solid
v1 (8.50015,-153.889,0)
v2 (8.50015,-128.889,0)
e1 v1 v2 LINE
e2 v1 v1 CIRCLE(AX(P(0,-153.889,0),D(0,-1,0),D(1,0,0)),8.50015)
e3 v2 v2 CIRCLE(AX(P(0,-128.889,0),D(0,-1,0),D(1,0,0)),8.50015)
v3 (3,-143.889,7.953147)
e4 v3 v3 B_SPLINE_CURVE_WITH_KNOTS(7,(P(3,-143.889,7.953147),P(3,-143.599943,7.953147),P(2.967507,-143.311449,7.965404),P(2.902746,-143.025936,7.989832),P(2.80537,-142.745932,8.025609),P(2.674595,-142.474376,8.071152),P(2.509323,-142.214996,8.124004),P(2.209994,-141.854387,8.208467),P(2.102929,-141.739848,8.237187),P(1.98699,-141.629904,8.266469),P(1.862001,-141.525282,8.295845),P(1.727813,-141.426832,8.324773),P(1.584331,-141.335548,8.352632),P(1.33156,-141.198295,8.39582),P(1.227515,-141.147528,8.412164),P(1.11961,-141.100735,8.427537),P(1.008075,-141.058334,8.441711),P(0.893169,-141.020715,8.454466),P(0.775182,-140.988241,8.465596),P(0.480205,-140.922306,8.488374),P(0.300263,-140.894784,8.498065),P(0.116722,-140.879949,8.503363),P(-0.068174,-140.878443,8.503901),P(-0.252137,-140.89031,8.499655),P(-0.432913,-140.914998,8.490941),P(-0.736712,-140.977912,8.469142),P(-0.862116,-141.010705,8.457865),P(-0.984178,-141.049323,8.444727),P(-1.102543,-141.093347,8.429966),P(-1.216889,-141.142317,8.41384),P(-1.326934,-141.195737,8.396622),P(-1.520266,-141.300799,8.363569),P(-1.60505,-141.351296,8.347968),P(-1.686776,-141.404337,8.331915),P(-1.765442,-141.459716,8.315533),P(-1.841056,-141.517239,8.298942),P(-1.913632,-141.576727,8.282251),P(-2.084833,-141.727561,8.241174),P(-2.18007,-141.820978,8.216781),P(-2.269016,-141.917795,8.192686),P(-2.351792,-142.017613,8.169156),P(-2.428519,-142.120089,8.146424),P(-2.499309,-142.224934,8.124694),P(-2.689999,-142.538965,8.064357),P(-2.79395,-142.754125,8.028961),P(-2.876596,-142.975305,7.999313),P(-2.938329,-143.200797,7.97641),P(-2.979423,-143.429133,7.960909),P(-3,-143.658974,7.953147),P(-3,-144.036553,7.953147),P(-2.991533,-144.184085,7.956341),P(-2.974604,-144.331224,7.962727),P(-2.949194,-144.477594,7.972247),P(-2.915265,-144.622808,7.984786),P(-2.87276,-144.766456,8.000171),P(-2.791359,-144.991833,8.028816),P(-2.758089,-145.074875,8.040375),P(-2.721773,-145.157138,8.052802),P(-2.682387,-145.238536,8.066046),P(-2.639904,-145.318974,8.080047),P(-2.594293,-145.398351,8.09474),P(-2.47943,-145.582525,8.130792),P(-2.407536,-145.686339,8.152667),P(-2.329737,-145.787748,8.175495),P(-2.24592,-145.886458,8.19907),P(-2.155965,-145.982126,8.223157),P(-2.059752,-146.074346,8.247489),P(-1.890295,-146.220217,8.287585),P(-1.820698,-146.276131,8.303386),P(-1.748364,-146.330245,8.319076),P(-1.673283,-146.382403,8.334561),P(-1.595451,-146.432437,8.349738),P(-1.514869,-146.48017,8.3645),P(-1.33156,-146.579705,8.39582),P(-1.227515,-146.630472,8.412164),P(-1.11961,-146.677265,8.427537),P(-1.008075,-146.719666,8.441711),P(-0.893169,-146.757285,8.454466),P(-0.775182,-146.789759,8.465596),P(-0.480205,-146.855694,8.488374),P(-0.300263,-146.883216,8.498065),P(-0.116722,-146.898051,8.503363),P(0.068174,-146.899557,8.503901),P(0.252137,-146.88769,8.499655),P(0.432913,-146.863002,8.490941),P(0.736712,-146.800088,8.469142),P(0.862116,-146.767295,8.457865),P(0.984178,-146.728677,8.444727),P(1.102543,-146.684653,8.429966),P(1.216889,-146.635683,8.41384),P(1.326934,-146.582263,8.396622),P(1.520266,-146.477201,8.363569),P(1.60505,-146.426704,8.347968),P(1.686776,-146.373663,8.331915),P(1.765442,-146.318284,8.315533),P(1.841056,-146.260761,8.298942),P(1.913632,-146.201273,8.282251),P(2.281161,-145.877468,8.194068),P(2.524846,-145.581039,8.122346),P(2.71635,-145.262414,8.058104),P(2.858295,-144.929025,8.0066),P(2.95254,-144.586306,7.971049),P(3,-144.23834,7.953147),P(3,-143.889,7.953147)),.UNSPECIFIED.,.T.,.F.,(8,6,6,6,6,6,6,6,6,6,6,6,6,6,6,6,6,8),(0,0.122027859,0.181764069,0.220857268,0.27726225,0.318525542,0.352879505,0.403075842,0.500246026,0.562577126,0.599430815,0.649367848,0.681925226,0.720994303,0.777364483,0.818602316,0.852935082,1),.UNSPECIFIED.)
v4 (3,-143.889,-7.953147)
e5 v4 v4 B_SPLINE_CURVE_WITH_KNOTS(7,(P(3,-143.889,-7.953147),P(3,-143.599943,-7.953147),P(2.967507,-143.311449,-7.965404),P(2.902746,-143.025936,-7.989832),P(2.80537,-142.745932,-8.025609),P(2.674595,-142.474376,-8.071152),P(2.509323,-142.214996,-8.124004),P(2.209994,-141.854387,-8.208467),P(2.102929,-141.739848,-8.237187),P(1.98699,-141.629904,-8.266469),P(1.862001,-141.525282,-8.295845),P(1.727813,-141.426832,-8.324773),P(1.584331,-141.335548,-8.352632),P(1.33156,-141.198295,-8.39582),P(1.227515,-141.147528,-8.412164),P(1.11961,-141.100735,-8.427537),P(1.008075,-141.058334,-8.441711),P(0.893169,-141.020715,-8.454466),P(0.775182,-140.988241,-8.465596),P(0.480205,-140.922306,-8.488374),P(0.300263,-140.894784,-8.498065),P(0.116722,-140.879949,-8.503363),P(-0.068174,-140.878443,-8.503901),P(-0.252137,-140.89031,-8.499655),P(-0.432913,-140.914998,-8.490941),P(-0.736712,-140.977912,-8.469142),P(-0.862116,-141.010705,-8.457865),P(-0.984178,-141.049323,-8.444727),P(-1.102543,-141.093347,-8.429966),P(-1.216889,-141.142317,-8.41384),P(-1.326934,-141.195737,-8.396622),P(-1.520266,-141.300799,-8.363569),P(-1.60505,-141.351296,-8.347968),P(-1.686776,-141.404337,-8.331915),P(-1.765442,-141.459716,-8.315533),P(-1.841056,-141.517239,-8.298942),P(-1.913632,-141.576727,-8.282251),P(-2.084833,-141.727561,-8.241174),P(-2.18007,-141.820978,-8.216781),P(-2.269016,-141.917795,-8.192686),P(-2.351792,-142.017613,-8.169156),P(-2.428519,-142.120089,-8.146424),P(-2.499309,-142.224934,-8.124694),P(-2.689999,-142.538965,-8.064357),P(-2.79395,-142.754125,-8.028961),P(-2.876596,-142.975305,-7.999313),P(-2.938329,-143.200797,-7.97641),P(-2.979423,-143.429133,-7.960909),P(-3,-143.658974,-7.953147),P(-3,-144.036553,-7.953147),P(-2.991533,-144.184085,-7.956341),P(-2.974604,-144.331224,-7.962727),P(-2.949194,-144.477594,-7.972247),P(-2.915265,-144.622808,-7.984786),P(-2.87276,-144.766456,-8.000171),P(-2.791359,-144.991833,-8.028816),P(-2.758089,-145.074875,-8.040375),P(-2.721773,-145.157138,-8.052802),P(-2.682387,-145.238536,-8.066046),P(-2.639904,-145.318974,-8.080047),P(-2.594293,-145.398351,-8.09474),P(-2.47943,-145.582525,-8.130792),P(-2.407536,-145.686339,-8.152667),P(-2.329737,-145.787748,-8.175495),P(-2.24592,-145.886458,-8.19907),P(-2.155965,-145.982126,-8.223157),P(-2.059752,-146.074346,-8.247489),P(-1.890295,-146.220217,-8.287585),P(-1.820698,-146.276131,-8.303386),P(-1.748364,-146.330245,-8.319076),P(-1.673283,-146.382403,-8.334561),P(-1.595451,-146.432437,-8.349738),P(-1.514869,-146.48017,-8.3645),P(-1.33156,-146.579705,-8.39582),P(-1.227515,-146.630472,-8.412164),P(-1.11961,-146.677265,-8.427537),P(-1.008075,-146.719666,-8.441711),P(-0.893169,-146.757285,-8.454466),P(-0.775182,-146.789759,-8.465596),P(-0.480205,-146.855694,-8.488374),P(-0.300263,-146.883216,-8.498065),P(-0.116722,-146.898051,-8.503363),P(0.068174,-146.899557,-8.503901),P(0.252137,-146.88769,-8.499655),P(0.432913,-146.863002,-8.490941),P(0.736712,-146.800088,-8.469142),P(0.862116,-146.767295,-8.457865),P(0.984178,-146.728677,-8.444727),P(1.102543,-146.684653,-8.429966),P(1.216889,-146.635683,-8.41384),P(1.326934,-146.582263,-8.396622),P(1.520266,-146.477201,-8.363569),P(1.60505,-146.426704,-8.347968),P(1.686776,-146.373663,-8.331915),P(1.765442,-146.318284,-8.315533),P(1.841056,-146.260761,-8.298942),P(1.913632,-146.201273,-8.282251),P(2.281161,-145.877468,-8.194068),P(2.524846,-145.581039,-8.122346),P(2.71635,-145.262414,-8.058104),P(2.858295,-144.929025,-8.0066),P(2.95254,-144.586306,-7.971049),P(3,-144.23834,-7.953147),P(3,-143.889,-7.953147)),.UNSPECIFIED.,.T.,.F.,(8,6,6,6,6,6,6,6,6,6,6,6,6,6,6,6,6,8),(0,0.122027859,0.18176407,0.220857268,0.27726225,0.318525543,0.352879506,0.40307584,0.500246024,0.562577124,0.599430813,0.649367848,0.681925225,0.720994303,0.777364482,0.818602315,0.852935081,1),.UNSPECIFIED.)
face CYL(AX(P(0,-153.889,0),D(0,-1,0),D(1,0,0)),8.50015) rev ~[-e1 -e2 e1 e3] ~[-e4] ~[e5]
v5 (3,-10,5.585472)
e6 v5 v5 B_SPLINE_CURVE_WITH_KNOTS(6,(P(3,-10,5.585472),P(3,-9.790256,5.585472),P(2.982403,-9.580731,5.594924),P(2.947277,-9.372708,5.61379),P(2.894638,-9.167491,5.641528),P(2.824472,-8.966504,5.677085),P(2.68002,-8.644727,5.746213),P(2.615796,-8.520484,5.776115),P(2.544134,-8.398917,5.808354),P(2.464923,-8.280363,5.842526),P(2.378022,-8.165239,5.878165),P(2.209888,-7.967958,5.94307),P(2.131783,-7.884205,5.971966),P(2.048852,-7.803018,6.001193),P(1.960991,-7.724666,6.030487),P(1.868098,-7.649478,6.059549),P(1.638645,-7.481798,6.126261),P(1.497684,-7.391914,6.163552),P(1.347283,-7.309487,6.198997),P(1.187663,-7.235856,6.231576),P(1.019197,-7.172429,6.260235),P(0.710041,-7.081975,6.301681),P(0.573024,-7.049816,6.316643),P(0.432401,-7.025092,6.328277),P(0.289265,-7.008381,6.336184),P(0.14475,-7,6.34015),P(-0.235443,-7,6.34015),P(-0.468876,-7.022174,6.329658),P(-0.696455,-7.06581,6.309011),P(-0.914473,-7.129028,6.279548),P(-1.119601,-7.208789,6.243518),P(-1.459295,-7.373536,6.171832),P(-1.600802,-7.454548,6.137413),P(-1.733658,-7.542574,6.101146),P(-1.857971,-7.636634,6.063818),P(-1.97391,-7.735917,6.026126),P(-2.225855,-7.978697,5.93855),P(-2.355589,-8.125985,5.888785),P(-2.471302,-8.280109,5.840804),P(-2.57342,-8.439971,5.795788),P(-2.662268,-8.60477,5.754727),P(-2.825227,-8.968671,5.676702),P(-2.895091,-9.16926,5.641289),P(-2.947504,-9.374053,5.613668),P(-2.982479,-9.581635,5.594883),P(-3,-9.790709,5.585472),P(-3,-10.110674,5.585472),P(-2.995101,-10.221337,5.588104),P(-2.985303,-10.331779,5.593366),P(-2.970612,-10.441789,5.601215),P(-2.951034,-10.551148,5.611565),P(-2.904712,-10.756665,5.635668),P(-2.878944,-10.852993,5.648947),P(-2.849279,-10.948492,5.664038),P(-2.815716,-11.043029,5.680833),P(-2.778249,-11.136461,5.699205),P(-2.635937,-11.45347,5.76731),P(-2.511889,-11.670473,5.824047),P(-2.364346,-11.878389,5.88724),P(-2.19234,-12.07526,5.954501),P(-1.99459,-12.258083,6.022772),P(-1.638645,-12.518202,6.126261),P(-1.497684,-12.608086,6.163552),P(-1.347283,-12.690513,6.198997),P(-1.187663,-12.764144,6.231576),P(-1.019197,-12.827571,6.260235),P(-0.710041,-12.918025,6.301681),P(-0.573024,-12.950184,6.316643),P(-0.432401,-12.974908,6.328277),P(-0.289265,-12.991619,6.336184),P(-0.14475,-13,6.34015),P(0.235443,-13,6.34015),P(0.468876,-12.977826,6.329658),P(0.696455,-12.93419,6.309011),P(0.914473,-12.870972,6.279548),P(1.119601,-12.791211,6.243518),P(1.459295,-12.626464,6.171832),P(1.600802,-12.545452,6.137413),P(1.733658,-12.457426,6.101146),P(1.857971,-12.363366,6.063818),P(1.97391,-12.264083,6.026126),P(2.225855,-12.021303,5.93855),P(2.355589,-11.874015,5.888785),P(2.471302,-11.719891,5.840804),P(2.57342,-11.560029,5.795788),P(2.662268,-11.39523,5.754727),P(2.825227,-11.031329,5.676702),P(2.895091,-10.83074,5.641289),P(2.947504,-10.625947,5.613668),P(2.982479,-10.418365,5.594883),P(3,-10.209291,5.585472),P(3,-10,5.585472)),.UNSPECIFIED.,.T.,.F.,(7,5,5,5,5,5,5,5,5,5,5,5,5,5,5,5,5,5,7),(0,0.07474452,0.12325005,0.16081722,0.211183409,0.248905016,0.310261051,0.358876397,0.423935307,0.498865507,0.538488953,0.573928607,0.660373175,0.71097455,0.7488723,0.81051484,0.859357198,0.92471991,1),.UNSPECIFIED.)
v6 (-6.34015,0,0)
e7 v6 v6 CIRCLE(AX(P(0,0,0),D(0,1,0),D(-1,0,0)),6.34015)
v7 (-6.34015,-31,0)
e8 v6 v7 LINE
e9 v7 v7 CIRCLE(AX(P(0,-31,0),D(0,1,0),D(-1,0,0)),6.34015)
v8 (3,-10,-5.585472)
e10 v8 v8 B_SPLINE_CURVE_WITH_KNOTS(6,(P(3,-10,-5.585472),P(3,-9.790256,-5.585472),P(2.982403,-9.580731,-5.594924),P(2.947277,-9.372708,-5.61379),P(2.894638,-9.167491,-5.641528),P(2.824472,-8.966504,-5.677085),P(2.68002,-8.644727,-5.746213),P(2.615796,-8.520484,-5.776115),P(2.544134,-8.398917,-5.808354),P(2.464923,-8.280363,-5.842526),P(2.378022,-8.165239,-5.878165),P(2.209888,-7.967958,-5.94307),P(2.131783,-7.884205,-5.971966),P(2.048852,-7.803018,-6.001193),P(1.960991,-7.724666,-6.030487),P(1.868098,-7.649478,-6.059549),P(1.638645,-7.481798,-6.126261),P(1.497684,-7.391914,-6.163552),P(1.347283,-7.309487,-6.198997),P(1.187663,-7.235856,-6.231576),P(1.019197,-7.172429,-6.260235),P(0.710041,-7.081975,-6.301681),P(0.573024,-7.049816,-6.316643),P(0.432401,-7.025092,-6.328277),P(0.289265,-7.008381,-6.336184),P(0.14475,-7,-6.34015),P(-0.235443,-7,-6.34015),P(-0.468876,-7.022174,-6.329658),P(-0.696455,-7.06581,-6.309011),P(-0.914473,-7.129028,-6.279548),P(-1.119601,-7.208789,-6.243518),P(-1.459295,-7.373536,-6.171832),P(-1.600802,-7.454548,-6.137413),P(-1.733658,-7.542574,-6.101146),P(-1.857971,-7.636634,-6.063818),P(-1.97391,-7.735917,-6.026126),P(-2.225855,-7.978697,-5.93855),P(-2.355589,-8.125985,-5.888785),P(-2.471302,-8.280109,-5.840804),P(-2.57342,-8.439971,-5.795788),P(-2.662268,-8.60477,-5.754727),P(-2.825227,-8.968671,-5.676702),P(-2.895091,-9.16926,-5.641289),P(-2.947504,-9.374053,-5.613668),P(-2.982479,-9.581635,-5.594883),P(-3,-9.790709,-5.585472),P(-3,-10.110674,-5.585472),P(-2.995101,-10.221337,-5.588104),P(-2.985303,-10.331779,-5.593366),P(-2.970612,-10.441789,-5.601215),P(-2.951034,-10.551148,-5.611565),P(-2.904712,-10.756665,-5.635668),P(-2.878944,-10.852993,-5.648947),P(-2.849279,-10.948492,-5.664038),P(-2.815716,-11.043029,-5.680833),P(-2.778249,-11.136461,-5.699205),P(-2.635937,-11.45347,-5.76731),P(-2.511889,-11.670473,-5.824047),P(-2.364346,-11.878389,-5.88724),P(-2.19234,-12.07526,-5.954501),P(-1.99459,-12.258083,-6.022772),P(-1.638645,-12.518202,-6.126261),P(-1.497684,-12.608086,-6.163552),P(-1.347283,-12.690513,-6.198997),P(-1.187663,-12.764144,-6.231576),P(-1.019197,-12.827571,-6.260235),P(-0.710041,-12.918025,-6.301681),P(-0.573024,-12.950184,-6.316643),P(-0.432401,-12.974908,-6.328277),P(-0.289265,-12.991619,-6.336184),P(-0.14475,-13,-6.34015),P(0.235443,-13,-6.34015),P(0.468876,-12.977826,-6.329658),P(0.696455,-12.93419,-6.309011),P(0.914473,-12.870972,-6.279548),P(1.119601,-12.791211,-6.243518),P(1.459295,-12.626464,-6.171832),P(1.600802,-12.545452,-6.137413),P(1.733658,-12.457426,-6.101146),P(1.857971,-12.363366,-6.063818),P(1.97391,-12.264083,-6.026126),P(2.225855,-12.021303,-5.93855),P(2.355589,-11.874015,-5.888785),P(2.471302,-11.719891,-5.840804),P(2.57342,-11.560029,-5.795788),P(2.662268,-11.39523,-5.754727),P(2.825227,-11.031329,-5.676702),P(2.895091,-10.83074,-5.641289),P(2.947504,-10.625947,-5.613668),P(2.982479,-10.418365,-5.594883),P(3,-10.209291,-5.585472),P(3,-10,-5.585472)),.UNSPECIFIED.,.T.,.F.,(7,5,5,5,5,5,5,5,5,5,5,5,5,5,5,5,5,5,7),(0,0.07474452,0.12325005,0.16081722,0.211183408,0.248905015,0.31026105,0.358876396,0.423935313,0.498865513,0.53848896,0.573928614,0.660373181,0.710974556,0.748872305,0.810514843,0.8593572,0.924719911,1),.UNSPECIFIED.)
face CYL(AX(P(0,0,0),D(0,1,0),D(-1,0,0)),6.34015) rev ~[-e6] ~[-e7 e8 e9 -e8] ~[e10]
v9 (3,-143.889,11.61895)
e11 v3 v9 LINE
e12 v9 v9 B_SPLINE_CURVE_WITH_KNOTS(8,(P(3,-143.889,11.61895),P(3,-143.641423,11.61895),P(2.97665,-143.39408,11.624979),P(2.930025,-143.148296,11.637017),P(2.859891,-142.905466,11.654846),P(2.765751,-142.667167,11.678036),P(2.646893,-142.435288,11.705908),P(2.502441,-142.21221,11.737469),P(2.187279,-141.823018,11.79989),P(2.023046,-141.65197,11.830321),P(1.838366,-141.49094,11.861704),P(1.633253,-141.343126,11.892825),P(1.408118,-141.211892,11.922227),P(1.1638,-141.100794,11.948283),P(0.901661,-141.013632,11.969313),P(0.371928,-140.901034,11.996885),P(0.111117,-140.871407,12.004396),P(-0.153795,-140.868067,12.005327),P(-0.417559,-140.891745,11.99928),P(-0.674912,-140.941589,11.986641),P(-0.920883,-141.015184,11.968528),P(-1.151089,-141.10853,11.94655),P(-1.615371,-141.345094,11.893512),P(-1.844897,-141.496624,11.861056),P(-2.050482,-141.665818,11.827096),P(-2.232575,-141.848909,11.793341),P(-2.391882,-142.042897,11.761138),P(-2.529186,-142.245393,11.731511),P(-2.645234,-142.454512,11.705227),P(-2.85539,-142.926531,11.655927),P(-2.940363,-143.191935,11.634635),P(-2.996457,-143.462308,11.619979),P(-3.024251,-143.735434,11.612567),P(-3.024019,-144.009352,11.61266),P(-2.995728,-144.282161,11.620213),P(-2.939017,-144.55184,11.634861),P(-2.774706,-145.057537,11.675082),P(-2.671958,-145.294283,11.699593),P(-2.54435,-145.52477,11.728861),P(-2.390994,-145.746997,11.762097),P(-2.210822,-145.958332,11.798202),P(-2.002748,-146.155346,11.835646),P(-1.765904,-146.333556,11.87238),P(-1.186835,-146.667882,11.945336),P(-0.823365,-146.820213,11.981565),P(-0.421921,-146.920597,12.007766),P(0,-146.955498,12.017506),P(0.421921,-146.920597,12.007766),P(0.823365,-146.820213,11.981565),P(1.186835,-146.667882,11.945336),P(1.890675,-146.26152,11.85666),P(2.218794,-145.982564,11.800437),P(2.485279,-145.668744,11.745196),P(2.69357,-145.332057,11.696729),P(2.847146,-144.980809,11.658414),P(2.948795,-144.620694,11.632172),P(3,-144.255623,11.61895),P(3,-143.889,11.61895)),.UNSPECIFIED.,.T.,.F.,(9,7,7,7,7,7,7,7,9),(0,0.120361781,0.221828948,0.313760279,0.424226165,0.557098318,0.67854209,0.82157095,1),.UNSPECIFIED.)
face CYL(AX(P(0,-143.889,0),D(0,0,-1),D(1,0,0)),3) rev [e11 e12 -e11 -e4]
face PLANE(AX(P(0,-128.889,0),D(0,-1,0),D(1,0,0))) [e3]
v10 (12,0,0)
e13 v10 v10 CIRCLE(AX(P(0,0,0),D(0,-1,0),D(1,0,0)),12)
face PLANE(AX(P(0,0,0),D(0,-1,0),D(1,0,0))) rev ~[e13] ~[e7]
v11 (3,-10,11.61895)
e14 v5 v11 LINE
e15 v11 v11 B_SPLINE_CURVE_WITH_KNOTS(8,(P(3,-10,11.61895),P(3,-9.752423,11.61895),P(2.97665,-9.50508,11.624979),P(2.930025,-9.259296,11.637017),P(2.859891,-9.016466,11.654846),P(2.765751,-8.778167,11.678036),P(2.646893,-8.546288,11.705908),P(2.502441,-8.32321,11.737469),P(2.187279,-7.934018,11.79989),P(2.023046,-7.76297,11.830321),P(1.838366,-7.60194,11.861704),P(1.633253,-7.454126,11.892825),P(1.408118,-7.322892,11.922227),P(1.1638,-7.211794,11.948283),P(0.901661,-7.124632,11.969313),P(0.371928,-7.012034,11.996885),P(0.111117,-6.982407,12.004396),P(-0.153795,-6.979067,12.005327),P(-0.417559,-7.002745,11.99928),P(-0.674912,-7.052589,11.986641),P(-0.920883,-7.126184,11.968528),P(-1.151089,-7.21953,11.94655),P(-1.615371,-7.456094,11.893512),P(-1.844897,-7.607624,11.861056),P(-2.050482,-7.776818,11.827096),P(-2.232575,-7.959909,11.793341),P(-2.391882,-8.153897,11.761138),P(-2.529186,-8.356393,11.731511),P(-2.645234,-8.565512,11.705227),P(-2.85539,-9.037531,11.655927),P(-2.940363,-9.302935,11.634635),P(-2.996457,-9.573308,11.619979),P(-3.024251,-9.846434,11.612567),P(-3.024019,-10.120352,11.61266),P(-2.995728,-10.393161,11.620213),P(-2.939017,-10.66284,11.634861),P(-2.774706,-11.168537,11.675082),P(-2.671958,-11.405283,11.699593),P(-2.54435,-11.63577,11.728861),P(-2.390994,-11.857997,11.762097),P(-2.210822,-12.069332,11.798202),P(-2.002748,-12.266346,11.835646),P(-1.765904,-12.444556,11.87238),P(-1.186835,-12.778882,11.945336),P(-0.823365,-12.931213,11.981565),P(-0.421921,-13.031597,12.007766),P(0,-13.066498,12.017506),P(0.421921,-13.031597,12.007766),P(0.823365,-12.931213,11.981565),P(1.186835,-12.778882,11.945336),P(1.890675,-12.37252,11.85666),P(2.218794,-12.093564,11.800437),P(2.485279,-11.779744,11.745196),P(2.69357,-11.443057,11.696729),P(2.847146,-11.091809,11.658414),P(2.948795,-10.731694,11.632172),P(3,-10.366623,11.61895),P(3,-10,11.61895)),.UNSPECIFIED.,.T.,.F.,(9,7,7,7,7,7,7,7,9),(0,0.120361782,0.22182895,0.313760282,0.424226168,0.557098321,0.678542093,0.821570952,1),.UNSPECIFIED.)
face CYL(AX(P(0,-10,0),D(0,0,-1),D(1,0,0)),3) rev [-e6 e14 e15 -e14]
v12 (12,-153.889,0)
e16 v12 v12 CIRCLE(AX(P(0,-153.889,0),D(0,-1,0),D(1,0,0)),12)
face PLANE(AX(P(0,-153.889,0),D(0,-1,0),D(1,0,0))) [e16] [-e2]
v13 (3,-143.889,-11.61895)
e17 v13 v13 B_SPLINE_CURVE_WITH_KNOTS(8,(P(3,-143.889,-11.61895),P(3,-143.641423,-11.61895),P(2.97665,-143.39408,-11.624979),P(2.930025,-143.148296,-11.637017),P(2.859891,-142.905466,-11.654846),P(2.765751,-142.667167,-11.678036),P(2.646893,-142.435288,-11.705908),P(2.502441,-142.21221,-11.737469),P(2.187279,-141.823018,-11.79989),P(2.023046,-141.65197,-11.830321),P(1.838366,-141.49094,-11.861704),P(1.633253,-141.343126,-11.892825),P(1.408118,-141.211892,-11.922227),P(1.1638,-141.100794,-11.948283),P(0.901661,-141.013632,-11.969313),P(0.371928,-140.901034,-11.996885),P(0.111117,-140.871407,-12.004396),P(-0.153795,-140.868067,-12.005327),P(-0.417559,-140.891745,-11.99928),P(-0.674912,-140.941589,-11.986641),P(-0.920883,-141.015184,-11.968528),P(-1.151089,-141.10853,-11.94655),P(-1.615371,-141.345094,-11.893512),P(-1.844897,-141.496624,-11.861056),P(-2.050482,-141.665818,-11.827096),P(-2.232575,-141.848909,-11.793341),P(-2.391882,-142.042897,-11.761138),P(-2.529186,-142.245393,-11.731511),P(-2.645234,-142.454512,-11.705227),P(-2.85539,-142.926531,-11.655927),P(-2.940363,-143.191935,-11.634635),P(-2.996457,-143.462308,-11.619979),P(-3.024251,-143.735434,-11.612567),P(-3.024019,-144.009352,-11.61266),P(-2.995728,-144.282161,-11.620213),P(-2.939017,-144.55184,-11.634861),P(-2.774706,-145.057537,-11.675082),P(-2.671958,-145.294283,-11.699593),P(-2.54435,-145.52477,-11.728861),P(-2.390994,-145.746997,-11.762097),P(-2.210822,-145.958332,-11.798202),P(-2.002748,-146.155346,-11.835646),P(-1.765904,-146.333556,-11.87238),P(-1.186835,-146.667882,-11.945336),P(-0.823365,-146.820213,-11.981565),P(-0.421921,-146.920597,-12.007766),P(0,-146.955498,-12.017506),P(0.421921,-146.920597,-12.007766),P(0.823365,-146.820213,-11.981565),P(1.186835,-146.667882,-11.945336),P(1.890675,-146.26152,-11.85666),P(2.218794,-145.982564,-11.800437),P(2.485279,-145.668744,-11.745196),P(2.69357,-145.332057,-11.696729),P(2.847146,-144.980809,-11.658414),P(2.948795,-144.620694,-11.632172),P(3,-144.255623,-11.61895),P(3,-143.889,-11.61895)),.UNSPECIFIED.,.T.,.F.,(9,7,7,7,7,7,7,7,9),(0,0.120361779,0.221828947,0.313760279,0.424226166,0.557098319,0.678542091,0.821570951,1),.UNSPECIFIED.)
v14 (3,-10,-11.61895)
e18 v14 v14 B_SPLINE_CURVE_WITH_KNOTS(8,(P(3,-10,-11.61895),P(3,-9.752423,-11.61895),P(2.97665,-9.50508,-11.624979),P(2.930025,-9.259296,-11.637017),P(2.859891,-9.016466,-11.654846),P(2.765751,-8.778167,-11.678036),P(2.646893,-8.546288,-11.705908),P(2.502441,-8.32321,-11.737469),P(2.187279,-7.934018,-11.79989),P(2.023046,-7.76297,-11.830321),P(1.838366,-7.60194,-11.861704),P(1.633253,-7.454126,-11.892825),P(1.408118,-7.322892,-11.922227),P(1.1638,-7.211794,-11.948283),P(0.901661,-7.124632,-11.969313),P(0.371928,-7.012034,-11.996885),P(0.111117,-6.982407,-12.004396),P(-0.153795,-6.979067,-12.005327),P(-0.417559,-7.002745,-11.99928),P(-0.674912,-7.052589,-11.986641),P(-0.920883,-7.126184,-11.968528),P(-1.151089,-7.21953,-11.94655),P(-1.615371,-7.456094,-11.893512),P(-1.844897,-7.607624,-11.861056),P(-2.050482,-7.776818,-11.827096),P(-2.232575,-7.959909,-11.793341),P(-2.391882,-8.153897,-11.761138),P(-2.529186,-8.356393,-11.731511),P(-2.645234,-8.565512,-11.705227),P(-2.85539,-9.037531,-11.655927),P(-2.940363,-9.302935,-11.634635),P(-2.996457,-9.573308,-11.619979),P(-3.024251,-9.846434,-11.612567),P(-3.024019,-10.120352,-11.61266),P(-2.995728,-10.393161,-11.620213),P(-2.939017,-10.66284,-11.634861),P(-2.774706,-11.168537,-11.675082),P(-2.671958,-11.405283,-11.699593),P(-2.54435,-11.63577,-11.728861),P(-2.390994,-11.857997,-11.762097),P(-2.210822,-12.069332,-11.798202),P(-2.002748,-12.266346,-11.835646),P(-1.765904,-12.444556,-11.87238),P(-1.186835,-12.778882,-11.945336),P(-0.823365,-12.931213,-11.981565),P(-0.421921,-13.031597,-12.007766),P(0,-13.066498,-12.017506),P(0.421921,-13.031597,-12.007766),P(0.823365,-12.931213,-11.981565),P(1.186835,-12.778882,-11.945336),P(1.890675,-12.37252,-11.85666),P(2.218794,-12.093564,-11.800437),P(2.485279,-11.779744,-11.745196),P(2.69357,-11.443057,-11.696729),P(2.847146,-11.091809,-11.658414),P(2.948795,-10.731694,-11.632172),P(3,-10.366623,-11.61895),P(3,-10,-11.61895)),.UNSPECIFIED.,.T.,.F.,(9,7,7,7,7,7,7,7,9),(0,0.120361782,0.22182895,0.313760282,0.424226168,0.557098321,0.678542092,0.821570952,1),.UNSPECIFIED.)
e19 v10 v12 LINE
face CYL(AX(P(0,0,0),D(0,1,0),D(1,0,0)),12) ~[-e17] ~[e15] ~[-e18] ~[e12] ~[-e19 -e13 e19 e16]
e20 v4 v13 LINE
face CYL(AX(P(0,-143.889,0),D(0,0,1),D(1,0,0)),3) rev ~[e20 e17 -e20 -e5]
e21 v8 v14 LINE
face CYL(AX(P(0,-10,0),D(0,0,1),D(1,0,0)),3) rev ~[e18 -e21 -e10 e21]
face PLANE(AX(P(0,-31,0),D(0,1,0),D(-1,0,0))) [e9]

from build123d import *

# Parameters (mm, degrees)
F0_R          = 12
F1_DEPTH      = 153.889
F2_R          = 8.50015
F3_DEPTH      = 25
F4_R          = 6.34015
F5_DEPTH      = 31
F6_R          = 3
F7_DEPTH      = 25
F7_DEPTH_BACK = 25


with BuildPart() as f1:
    # F0 (on Front) → F1 (new body)
    with BuildSketch(Plane.XZ):
        Circle(F0_R)
    extrude(amount=F1_DEPTH)

    # F2 (on face) → F3 (cut)
    with BuildSketch(Plane.XZ.offset(153.889)):
        Circle(F2_R)
    extrude(amount=-F3_DEPTH, mode=Mode.SUBTRACT)

    # F4 (on face) → F5 (cut)
    with BuildSketch(Plane(origin=(0, 0, 0), x_dir=(-1, 0, 0), z_dir=(0, 1, 0))):
        Circle(F4_R)
    extrude(amount=-F5_DEPTH, mode=Mode.SUBTRACT)

    # F6 (on Top) → F7 (cut, two sides)
    with BuildSketch(Plane.XY) as f7_sk:
        with Locations((0, -10)):
            Circle(F6_R)
        with Locations((0, -143.889)):
            Circle(F6_R)
    extrude(amount=-F7_DEPTH, mode=Mode.SUBTRACT)
    extrude(f7_sk.sketch, amount=F7_DEPTH_BACK, mode=Mode.SUBTRACT)


solid = f1.part
